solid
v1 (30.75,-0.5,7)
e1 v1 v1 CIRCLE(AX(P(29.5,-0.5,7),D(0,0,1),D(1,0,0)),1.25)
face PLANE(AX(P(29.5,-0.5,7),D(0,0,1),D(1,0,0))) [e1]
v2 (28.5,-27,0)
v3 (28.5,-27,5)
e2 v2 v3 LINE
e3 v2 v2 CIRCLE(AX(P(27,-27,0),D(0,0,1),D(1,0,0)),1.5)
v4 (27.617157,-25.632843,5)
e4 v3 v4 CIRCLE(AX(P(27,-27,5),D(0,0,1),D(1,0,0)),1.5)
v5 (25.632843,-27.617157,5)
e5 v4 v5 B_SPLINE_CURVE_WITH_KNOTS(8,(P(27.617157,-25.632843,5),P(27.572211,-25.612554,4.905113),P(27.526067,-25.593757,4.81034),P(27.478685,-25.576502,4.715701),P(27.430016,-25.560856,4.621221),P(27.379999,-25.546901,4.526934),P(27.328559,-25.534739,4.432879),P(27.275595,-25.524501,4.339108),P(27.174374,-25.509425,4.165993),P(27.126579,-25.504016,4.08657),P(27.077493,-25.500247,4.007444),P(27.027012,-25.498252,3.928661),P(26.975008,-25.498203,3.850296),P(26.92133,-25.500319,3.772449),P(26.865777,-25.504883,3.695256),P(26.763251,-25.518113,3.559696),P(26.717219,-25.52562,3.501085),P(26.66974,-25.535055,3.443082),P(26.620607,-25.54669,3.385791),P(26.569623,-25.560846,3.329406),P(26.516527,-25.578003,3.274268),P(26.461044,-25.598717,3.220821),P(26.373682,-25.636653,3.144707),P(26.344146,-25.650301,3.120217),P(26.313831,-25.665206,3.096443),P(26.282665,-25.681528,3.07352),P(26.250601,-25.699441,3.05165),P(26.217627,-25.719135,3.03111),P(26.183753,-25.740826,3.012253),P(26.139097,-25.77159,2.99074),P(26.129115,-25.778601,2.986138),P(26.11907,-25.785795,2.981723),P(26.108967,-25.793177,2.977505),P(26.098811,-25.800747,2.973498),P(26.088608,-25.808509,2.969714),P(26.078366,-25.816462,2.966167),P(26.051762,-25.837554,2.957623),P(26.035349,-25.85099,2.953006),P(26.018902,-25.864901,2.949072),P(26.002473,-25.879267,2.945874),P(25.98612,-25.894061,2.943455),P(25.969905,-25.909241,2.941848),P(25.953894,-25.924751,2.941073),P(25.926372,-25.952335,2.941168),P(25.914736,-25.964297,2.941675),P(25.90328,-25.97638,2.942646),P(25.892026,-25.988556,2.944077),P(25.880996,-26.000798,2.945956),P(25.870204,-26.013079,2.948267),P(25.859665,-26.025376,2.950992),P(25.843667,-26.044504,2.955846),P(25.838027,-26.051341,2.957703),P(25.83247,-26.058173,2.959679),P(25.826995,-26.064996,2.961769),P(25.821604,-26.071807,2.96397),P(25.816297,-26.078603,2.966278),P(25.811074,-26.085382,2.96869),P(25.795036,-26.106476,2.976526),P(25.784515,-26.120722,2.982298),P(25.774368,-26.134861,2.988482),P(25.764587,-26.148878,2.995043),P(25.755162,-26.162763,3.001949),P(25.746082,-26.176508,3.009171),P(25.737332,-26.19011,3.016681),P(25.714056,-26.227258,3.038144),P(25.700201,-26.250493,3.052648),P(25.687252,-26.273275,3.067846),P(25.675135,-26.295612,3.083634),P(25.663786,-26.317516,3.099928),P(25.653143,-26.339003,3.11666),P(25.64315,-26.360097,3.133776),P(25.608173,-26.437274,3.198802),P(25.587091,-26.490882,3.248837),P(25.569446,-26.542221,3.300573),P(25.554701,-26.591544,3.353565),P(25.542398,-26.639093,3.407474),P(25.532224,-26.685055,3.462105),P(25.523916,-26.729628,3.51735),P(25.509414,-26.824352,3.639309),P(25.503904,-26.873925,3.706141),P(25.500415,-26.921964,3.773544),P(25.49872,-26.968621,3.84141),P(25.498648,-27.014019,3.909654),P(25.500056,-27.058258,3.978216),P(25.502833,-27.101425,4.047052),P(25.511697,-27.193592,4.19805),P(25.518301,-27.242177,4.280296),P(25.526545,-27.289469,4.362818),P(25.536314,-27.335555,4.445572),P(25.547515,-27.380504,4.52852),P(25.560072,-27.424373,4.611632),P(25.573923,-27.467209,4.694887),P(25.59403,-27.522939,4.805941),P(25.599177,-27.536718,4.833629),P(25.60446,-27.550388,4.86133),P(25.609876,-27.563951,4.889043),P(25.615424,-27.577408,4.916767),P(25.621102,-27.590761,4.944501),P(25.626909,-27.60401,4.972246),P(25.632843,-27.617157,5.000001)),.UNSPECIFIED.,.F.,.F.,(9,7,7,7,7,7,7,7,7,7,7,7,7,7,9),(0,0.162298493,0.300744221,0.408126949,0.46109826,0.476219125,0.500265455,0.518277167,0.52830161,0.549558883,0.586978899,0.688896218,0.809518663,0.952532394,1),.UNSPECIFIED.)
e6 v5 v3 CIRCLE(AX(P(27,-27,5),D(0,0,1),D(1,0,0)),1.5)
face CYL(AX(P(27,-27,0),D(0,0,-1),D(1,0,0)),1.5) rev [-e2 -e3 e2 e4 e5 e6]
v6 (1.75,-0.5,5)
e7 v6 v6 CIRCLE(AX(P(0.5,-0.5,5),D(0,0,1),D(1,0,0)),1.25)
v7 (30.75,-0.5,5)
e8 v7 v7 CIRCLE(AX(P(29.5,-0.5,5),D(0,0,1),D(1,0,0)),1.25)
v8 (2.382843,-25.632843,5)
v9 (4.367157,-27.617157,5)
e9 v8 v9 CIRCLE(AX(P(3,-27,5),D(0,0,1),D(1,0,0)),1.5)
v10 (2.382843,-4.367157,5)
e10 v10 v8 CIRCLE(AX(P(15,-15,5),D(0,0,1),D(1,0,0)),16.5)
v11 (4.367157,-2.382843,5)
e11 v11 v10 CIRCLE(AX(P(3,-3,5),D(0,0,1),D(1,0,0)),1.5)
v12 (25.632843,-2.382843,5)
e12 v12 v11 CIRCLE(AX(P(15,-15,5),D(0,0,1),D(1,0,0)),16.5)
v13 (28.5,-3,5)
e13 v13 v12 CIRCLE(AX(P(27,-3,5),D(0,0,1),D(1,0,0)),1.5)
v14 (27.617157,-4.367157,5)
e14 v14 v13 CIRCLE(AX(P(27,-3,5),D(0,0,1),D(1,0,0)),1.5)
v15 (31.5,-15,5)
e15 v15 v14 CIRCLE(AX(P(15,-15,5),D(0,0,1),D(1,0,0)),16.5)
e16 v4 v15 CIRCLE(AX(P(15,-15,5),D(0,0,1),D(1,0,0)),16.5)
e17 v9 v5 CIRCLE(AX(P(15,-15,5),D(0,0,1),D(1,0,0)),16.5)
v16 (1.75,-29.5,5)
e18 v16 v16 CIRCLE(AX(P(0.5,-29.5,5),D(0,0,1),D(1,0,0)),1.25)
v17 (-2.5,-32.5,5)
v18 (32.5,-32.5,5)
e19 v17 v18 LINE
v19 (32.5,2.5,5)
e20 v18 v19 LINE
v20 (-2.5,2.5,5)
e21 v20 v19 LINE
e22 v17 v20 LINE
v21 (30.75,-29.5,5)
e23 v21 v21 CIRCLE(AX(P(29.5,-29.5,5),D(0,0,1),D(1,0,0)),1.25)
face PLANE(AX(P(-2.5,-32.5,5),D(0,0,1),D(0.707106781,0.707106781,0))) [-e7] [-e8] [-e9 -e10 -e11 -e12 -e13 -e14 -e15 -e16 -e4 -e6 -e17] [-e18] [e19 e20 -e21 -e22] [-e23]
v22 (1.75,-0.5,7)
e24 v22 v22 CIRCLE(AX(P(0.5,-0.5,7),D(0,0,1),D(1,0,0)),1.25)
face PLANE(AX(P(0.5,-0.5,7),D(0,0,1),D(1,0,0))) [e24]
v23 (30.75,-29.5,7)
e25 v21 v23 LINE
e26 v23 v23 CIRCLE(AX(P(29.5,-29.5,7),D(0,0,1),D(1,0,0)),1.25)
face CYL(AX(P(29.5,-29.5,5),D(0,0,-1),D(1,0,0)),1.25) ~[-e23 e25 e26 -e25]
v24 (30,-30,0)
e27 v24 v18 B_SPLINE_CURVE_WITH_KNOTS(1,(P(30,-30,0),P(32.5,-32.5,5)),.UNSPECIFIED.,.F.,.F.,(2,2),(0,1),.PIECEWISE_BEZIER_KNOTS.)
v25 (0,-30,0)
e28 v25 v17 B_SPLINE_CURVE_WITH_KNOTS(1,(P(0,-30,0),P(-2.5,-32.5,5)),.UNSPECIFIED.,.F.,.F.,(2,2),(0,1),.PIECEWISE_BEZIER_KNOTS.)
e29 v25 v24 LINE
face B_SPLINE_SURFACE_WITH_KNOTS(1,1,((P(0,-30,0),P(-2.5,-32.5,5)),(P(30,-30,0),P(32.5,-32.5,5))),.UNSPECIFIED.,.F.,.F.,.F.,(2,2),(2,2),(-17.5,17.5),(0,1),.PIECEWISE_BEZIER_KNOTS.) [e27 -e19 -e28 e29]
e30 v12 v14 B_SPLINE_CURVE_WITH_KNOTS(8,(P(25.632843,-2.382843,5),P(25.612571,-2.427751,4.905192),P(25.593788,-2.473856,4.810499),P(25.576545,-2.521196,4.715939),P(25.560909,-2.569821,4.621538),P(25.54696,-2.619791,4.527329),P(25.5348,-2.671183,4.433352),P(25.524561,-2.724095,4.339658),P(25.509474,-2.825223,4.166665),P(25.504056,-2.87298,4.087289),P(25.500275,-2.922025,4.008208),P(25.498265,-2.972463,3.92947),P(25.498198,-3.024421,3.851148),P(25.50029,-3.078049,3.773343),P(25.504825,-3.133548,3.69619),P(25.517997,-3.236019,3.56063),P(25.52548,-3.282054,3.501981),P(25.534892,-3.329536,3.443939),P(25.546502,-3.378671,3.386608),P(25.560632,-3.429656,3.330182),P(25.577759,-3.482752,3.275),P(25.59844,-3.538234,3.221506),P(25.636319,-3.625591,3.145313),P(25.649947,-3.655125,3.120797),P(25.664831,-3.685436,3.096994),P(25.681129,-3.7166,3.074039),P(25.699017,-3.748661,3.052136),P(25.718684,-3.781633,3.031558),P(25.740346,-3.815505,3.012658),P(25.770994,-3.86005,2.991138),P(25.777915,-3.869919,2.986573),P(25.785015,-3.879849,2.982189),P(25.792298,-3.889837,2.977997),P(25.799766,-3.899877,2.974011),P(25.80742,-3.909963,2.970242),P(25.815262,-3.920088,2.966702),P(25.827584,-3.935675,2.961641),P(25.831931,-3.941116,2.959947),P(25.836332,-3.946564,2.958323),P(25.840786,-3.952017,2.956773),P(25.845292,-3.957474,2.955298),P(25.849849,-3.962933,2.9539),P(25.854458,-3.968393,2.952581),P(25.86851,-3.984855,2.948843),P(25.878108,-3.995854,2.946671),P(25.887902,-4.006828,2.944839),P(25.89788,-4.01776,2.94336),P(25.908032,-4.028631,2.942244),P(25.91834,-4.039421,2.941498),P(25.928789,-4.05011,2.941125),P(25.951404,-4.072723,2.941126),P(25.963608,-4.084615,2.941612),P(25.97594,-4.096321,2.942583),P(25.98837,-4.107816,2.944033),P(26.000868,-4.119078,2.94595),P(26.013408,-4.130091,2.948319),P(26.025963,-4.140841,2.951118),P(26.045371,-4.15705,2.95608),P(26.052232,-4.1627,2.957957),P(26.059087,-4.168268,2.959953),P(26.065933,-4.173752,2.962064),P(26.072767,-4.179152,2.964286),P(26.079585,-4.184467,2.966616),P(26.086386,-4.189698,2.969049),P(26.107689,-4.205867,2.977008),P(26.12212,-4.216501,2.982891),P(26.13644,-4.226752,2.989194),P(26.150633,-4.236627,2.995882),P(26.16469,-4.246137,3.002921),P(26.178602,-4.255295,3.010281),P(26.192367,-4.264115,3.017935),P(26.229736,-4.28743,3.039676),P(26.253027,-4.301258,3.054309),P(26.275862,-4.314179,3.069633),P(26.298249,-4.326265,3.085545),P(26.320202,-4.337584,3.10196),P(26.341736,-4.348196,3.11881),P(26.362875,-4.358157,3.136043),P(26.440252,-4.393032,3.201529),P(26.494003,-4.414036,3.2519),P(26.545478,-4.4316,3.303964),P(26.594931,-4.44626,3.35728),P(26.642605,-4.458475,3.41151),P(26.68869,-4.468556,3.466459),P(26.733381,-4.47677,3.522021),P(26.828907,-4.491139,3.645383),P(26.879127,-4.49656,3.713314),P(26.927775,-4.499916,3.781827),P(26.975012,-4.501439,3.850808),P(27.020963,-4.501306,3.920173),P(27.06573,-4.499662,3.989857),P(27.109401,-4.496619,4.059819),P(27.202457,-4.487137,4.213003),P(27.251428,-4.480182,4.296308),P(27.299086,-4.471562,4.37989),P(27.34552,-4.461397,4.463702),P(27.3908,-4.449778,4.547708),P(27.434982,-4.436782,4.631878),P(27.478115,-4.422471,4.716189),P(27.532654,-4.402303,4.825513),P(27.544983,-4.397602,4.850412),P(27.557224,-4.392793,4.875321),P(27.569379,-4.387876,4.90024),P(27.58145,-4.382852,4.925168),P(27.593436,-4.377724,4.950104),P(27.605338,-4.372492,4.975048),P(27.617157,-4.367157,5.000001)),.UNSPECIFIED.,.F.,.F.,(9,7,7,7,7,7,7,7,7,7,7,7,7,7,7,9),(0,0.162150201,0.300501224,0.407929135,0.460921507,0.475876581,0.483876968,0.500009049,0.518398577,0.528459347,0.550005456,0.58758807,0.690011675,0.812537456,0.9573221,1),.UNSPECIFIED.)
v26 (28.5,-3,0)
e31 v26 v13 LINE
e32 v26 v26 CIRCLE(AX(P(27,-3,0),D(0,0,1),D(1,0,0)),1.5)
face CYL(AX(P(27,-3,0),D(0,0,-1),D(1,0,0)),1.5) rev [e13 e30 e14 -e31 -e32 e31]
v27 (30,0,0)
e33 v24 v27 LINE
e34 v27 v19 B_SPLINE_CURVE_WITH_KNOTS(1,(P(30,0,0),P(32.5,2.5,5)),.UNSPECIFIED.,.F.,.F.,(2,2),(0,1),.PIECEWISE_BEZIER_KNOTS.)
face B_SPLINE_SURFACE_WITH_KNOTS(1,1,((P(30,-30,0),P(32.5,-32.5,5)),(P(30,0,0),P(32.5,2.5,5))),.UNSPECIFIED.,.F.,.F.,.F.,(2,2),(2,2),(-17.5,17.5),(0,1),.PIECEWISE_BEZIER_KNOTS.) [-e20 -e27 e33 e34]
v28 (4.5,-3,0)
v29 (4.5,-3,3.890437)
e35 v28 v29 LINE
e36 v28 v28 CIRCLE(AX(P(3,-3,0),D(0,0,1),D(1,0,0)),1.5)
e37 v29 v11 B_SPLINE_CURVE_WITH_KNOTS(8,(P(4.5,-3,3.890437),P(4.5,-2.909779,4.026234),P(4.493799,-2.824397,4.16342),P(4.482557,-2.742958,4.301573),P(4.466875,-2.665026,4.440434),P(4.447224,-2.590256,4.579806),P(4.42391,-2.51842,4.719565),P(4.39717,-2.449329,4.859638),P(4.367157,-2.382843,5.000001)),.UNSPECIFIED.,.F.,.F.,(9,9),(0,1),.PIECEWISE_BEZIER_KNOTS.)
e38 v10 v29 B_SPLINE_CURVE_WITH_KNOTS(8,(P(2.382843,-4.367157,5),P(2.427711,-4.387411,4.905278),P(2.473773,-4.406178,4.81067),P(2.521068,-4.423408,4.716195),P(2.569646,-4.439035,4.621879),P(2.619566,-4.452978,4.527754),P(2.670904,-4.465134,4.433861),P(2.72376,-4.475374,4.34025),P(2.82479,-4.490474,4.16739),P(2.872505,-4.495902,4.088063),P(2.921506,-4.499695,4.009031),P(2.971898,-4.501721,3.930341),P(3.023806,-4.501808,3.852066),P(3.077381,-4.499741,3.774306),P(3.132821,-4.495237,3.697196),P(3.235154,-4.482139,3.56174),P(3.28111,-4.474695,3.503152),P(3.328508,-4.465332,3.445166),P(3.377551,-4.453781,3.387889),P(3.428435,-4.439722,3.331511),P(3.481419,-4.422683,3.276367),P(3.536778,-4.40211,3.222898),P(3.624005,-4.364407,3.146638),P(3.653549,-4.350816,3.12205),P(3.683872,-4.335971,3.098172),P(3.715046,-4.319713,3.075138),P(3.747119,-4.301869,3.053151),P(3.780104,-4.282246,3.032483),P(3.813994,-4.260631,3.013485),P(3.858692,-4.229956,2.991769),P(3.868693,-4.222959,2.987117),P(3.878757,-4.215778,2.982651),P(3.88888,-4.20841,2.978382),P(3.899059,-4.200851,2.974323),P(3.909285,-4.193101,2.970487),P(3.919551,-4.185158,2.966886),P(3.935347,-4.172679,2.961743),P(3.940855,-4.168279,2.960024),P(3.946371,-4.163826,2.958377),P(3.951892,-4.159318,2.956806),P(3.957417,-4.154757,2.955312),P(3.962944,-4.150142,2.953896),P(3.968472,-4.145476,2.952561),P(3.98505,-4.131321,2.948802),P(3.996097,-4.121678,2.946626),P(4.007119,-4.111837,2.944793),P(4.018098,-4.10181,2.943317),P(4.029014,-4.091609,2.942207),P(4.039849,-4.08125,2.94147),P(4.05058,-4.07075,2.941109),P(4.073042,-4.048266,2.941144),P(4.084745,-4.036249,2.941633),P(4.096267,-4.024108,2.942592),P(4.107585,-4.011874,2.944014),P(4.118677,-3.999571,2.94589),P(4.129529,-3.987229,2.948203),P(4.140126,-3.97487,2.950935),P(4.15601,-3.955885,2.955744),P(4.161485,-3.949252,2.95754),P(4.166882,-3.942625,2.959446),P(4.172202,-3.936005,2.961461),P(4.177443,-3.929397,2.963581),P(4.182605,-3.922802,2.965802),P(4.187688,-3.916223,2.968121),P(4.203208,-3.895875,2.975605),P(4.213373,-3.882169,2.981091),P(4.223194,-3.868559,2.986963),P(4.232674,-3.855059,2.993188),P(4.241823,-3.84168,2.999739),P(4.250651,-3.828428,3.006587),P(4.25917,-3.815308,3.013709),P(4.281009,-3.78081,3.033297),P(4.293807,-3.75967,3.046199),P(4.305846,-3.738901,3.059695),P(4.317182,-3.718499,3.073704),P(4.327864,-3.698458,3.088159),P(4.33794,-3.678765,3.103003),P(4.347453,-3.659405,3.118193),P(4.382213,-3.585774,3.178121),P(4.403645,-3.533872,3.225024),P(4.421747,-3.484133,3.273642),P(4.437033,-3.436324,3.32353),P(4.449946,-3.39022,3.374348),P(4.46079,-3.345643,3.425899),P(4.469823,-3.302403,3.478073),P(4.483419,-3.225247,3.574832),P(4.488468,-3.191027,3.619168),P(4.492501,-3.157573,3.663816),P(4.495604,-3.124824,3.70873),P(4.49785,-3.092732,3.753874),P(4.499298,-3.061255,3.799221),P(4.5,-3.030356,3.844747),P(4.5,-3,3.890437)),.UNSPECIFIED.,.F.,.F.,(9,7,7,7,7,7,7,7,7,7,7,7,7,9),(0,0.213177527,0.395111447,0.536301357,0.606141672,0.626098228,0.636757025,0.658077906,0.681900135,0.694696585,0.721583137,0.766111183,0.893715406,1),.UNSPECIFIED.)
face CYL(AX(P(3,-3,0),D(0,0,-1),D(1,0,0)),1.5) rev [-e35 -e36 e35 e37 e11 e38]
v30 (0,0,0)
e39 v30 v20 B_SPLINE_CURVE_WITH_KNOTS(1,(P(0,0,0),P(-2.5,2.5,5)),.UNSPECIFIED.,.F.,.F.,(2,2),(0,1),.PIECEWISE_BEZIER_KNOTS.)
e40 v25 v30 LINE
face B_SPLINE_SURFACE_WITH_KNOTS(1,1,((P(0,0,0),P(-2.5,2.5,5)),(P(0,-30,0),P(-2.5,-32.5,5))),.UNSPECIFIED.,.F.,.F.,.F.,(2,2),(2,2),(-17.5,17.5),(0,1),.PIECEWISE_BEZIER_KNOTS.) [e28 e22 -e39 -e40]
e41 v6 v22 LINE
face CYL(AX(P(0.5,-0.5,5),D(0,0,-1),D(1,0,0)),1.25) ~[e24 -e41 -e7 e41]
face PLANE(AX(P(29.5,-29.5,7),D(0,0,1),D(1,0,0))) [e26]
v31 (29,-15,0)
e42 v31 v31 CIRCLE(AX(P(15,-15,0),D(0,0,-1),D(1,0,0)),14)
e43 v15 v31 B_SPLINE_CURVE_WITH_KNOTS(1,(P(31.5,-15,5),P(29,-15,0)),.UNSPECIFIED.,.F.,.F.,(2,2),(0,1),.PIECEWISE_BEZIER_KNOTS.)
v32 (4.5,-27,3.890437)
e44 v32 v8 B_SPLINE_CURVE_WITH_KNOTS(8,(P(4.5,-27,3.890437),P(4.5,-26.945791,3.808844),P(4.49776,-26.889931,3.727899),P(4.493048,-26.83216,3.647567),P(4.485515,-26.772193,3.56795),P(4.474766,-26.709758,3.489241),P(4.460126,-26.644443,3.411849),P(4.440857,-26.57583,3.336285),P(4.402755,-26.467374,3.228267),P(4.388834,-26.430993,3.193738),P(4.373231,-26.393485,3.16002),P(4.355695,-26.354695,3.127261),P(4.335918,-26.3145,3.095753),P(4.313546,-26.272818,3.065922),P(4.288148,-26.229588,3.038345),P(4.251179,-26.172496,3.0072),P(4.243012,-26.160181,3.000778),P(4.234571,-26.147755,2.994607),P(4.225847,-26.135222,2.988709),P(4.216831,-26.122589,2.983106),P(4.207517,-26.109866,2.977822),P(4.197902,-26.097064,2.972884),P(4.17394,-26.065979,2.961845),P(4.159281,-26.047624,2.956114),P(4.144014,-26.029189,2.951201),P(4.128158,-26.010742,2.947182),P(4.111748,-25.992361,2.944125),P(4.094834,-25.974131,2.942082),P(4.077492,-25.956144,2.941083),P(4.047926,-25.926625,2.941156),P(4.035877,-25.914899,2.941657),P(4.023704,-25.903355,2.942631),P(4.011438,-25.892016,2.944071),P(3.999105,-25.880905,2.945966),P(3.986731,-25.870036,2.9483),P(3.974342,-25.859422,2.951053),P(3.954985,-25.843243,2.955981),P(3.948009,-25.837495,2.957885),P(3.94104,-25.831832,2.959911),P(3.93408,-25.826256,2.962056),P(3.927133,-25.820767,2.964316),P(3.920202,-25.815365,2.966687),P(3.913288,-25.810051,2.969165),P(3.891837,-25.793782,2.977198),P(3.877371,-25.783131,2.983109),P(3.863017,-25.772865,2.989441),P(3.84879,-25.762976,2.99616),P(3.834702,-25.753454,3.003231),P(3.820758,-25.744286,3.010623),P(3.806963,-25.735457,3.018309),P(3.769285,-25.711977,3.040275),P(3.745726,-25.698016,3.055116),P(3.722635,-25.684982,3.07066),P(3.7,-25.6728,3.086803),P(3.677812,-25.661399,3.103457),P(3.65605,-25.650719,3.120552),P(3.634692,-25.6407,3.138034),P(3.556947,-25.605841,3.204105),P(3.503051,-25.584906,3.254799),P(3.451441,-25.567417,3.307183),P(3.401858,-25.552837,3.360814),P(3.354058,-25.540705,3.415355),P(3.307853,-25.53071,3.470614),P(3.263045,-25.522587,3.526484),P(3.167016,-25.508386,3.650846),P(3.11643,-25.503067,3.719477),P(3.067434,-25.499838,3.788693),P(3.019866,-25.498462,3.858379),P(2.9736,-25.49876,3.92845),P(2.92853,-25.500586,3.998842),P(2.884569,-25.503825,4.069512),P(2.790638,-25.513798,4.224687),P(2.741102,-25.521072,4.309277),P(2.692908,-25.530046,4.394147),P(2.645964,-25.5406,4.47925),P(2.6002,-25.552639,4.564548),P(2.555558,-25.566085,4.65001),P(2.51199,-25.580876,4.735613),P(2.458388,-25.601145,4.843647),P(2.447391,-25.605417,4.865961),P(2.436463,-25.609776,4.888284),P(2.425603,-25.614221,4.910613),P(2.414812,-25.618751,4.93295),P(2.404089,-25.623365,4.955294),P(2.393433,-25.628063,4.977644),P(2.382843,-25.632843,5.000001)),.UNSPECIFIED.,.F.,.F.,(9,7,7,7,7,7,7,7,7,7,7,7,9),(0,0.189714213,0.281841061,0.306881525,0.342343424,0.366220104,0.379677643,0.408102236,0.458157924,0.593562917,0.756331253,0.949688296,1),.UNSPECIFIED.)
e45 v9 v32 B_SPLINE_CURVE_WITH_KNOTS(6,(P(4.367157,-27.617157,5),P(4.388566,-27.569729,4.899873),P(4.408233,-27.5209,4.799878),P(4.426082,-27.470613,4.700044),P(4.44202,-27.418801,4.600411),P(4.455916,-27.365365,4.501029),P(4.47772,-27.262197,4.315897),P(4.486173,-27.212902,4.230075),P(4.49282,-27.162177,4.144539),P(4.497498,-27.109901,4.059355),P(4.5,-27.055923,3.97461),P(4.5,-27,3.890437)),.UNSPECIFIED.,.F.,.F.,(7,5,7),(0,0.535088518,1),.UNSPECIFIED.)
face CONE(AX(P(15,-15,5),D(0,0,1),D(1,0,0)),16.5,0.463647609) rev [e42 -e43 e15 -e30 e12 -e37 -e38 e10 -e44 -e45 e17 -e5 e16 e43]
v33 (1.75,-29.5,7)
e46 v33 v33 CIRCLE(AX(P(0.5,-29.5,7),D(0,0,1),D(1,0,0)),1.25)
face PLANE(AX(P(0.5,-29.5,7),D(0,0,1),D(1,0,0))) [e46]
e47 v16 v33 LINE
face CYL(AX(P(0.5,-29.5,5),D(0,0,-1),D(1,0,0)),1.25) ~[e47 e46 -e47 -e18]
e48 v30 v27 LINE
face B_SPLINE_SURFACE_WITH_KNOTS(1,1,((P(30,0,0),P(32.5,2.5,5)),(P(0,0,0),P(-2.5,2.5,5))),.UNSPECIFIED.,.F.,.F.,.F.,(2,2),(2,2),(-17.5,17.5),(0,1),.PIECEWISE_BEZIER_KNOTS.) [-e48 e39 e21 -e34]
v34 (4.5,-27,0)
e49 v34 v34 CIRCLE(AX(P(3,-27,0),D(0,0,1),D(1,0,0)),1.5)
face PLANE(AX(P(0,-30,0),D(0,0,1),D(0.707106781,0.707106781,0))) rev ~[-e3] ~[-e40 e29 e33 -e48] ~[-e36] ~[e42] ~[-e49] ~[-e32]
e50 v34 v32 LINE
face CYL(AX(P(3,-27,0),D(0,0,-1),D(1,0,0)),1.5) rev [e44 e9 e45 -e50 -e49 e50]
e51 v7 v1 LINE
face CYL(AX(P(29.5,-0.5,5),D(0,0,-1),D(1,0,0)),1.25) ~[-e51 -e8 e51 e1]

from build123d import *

# Parameters (mm, degrees)
F0_W      = 30
F0_H      = 30
F2_W      = 35
F2_H      = 35
F4_R      = 16.5
F5_R      = 14
F7_R      = 1.25
F8_DEPTH  = 2
F9_R      = 1.5
F10_DEPTH = 5


with BuildPart() as f3:
    # F0 (on Top) → F3 section 0
    with BuildSketch(Plane.XY):
        with Locations((15, -15)):
            Rectangle(F0_W, F0_H)
    # F2 (on offset) → F3 section 1
    with BuildSketch(Plane.XY.offset(5)):
        with Locations((15, -15)):
            Rectangle(F2_W, F2_H)
    loft()

    # F4 (on face) → F6 section 0
    with BuildSketch(Plane.XY.offset(5)):
        with Locations((15, -15)):
            Circle(F4_R)
    # F5 (on face) → F6 section 1
    with BuildSketch(Plane(origin=(0, 0, 0), x_dir=(1, 0, 0), z_dir=(0, 0, -1))):
        with Locations((15, 15)):
            Circle(F5_R)
    loft(mode=Mode.SUBTRACT)

    # F7 (on face) → F8 (join)
    with BuildSketch(Plane.XY.offset(5)):
        with Locations((0.5, -0.5)):
            Circle(F7_R)
        with Locations((29.5, -0.5)):
            Circle(F7_R)
        with Locations((29.5, -29.5)):
            Circle(F7_R)
        with Locations((0.5, -29.5)):
            Circle(F7_R)
    extrude(amount=F8_DEPTH)

    # F9 (on face) → F10 (cut)
    with BuildSketch(Plane.XY):
        with Locations((27, -27)):
            Circle(F9_R)
        with Locations((3, -27)):
            Circle(F9_R)
        with Locations((3, -3)):
            Circle(F9_R)
        with Locations((27, -3)):
            Circle(F9_R)
    extrude(amount=F10_DEPTH, mode=Mode.SUBTRACT)


solid = f3.part
